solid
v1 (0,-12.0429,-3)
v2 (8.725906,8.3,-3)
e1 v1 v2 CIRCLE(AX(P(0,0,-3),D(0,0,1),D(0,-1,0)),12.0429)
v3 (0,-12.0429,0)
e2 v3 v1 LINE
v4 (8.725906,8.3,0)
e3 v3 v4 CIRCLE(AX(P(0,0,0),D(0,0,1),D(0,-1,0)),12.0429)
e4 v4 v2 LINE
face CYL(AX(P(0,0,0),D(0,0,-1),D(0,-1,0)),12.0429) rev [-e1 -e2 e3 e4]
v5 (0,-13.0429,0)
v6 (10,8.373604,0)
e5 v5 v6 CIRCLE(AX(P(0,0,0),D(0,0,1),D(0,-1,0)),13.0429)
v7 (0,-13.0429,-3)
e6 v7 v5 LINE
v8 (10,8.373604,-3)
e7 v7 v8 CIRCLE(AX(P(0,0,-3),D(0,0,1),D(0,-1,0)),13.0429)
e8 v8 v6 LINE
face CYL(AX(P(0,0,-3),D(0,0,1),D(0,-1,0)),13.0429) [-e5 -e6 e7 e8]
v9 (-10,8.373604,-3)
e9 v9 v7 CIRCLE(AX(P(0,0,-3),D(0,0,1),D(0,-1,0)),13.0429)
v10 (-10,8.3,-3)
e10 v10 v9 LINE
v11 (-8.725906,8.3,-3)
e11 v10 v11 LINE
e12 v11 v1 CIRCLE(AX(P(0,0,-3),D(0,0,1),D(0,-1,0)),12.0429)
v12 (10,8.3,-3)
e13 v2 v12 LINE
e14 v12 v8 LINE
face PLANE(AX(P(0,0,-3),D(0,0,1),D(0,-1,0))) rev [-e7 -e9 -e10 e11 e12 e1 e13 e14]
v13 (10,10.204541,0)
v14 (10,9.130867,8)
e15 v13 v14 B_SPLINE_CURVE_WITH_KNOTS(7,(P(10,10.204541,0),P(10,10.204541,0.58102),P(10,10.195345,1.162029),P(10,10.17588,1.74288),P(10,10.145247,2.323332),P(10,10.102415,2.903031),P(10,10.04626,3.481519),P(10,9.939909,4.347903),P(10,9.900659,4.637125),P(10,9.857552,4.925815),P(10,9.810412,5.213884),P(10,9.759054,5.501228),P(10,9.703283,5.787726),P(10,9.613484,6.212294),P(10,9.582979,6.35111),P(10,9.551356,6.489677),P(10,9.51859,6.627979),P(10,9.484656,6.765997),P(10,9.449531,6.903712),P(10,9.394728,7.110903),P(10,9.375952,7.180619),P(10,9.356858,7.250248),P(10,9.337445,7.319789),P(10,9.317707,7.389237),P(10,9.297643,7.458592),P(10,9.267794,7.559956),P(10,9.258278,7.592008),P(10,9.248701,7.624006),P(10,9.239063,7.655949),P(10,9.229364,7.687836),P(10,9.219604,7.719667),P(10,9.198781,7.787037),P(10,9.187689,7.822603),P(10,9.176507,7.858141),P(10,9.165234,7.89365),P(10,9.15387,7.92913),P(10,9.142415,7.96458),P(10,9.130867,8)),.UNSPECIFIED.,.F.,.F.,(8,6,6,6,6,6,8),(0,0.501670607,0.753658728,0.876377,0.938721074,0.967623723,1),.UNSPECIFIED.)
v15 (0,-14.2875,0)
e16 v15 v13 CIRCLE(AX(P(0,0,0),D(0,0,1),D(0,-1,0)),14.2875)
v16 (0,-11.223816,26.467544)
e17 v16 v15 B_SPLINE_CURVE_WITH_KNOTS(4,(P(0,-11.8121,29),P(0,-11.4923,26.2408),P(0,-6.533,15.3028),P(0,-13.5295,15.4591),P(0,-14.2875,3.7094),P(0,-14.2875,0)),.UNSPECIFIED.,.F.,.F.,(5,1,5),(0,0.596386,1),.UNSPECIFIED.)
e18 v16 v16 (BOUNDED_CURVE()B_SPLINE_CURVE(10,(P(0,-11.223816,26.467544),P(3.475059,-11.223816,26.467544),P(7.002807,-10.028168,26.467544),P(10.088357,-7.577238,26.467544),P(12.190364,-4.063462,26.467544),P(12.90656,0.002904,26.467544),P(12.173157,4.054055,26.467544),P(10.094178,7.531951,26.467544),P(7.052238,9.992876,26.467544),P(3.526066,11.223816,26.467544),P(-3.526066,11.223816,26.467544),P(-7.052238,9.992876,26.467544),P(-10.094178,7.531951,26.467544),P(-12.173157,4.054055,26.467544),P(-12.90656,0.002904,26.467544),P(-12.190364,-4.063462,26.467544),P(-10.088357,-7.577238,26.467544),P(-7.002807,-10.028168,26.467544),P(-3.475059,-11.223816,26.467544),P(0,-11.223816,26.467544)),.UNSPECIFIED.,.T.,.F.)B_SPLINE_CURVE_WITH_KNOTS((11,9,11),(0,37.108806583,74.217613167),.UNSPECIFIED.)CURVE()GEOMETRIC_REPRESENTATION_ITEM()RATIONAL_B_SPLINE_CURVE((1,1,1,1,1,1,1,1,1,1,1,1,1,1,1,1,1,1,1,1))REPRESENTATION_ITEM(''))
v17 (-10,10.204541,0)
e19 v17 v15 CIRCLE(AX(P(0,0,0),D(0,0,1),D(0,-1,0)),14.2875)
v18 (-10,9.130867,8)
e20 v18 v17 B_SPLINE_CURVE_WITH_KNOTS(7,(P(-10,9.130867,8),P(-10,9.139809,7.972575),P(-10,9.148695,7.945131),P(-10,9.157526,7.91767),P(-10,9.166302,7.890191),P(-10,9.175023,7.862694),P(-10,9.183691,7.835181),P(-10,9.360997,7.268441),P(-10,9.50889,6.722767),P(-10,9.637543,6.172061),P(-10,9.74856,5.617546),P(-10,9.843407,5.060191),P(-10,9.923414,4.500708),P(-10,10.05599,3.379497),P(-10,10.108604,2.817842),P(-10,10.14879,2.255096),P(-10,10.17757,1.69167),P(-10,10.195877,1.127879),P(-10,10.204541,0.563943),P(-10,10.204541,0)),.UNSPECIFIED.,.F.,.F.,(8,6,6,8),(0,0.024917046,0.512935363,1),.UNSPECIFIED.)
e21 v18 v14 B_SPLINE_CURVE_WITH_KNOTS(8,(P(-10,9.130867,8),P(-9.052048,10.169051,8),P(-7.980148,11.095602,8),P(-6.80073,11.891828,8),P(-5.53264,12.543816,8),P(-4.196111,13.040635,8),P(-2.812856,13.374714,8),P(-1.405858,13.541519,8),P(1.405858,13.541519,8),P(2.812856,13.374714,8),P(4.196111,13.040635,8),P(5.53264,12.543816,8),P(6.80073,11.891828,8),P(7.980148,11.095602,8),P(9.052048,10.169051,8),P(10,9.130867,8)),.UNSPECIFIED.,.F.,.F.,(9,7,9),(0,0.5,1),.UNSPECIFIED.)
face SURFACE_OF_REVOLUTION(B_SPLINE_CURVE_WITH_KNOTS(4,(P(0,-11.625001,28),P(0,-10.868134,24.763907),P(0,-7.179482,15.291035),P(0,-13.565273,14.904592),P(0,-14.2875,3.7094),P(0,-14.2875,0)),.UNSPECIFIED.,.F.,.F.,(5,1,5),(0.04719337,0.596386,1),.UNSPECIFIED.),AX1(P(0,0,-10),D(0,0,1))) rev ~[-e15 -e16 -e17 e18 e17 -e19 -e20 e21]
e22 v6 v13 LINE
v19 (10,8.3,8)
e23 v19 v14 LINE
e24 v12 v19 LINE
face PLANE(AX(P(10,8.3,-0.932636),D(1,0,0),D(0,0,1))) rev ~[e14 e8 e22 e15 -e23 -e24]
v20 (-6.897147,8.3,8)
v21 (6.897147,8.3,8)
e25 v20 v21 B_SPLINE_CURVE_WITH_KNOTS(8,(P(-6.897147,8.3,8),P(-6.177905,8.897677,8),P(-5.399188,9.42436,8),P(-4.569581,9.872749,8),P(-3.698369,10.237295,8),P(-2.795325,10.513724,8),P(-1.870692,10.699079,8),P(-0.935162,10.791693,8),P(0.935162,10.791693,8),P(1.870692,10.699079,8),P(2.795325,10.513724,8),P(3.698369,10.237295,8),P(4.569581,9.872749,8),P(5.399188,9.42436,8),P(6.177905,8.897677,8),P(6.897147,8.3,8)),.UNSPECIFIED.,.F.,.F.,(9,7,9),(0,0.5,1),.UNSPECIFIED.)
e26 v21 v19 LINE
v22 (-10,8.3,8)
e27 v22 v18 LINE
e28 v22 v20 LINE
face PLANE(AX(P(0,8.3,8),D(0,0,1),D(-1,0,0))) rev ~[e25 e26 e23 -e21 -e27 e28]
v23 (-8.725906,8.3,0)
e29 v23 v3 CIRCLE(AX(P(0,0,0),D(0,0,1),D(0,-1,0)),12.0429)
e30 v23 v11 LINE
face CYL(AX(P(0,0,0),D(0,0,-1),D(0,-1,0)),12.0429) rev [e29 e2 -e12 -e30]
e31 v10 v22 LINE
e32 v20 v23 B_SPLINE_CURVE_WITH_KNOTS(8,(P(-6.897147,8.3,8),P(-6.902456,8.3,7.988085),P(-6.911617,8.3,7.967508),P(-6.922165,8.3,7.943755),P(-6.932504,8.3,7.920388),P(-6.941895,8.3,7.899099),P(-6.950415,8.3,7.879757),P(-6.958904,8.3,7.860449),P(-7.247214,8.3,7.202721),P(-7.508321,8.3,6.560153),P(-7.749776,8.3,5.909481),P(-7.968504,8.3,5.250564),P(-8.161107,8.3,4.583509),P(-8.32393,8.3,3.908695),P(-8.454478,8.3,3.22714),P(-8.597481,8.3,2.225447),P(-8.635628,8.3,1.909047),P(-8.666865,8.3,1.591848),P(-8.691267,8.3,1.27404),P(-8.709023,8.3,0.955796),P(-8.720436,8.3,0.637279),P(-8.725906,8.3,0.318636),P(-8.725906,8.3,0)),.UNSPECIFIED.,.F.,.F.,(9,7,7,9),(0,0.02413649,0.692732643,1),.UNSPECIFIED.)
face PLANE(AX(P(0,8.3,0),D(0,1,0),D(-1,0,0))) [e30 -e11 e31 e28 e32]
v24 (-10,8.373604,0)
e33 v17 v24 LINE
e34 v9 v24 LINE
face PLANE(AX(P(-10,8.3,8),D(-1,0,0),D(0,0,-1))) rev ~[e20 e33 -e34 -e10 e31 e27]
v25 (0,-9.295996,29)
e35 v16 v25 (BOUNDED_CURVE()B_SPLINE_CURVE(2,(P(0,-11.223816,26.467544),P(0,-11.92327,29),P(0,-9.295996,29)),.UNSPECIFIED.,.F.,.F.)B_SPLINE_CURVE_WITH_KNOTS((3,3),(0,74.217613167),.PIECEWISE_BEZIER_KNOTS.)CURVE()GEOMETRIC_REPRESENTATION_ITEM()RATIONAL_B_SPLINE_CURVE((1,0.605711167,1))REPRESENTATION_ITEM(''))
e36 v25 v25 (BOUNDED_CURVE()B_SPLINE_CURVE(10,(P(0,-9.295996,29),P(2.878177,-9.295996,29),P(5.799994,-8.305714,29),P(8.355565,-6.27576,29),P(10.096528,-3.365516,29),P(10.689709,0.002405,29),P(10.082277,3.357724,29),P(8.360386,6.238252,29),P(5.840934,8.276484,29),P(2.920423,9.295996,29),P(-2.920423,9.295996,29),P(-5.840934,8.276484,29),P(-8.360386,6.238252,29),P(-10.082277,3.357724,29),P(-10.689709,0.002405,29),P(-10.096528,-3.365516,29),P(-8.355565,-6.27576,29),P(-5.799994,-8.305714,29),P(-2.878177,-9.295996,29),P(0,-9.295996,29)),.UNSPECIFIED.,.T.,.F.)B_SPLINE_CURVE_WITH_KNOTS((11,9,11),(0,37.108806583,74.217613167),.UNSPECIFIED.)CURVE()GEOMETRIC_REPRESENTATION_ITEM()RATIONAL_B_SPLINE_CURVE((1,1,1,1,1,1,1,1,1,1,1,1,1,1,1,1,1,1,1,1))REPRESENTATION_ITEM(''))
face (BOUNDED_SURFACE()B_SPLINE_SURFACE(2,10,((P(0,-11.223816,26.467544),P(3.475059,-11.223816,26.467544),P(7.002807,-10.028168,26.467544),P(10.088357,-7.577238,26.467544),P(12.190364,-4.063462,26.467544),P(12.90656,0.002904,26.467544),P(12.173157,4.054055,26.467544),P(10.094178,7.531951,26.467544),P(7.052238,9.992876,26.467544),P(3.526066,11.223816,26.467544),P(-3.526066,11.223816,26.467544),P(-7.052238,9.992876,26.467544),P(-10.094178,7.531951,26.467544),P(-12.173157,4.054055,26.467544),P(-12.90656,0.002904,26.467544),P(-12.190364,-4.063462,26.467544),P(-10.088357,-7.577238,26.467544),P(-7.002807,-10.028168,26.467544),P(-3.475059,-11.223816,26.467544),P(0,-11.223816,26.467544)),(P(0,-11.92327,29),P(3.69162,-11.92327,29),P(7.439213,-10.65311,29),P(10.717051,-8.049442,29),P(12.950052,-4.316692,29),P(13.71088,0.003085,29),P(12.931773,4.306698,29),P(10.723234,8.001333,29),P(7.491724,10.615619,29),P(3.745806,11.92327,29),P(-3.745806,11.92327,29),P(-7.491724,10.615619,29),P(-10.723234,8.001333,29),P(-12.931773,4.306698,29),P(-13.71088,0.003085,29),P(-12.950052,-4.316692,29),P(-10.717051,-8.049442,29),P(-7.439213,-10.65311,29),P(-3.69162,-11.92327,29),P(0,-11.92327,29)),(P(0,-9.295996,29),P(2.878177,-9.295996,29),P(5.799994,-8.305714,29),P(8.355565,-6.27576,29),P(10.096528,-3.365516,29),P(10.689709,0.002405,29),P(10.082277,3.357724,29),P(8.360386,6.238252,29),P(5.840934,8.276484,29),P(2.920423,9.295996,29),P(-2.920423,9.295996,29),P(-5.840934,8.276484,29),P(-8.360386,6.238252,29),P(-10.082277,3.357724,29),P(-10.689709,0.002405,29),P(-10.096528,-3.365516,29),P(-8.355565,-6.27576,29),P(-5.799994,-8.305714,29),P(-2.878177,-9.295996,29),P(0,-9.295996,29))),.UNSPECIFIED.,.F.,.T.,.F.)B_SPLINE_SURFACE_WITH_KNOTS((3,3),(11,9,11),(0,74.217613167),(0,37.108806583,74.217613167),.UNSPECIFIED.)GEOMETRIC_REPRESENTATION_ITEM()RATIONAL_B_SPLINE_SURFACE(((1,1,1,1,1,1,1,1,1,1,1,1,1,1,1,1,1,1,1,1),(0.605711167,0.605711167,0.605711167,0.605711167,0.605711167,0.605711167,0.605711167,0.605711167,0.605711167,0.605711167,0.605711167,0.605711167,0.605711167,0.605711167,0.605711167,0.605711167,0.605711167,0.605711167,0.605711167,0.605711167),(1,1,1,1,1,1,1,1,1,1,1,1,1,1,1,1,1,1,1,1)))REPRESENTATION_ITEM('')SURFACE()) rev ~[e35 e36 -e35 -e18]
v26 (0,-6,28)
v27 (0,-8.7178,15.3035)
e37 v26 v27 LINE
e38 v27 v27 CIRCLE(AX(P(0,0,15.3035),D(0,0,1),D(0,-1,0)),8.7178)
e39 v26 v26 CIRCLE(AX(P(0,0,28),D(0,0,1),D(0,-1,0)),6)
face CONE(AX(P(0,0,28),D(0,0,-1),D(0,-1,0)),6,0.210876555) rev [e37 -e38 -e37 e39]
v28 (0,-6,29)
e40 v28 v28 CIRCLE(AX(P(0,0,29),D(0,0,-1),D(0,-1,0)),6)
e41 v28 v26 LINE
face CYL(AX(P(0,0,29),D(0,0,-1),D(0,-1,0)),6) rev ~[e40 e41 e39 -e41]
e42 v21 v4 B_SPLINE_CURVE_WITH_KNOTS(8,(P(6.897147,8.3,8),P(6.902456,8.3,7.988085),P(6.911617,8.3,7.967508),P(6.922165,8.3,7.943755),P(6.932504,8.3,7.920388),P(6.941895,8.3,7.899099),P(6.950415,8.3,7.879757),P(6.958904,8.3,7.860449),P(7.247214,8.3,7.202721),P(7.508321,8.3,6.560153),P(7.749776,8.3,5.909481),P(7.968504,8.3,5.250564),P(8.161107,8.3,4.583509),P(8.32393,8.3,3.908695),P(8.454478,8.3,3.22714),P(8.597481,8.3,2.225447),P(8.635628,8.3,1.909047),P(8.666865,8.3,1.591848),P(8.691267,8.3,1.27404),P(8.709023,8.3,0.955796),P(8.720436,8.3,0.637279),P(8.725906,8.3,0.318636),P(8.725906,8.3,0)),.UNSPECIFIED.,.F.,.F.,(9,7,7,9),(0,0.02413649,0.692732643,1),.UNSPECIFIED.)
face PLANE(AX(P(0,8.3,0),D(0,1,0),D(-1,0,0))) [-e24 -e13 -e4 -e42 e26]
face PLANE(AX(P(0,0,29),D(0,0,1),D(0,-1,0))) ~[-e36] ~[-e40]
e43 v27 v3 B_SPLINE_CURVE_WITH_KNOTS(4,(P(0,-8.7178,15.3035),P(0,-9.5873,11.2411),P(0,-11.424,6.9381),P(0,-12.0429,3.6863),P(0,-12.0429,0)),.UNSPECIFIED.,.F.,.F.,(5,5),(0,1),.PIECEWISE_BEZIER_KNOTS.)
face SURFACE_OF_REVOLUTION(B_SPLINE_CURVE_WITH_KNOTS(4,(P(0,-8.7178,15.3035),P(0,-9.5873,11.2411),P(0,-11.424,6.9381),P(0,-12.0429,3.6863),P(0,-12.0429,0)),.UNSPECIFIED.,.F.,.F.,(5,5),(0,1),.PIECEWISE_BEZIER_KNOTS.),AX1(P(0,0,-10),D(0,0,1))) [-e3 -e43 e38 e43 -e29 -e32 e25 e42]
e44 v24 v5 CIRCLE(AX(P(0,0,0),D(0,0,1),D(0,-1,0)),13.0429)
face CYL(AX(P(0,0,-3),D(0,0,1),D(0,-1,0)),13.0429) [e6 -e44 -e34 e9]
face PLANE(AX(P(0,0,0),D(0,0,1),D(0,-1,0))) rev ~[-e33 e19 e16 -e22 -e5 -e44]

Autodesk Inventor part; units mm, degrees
ref_plane "YZ Plane" through (0, 0, 0) normal (1, 0, 0) x (0, 1, 0)
ref_plane "XY Plane" through (0, 0, 0) normal (0, 0, 1) x (1, 0, 0)
sketch "Block1" plane through (0, 0, 0) normal (0, 0, 1) x (1, 0, 0)
  line L0 (-13, 33) -> (0, 33)
  line L1 (0, 33) -> (0, 31.984)
  line L2 (0, 0) -> (-7.5, 0)
  line L3 (-5.5, 31.984) -> (0, 31.984)
  spline S0 degree 4 poles (-5.5, 31.984) (-8.3018, 31.984) (-14.9701, 28.615) (-2.778, 19.5085) (-12.1324, 9.4997) (-13.0429, 3.8555) (-13.0429, 0) knots 0 0 0 0 0 0.349618 0.599618 1 1 1 1 1
  spline S1 degree 4 poles (-5.5, 33) (-8.695, 33) (-16.2444, 29.0645) (-3.8371, 19.8287) (-13.0244, 9.853) (-14.2875, 3.9571) (-14.2875, 0) knots 0 0 0 0 0 0.356198 0.606198 1 1 1 1 1
  line L4 (-13.0429, 0) -> (13.0429, 0)
  line L5 (13.0429, 0) -> (13.0429, -90)
  line L6 (13.0429, -90) -> (-13.0429, -90)
  line L7 (-13.0429, -90) -> (-13.0429, 0)
  line L8 (0, 33) -> (0, 31.984)
  line L9 (0, 0) -> (14.2875, 0)
  line L10 (14.2875, 0) -> (14.2875, -90)
  line L11 (14.2875, -90) -> (-14.2875, -90)
  line L12 (-14.2875, -90) -> (-14.2875, 0)
  line L13 (-14.2875, 0) -> (-13.0429, 0)
  line L14 (-13.0429, 0) -> (-12.0269, 0)
  line L15 (-12.0269, 0) -> (-12.0269, -5)
  line L16 (-12.0269, -5) -> (-13.0429, -5)
  line L17 (-13.0429, -5) -> (-13.0429, 0)
  spline S2 degree 4 poles (-12.0269, 0) (-12.0269, 1.8651) (-12.9196, 3.9842) (-12.4898, 5.3301) (-12.0051, 6.8202) knots 0 0 0 0 0 1 1 1 1 1
  point P0 (-5.8286, -1.9888)
  point P1 (-2.75, 31.984)
  point P2 (-10.8475, 28.6822)
  point P3 (-8.5755, 20.4298)
  point P4 (-10.7949, 9.9764)
  point P5 (-11.8109, 29.0047)
  point P6 (-9.5915, 20.5086)
  point P7 (-11.8109, 10.2944)
  point P8 (-12.757, 3.7934)
  point P9 (-12.2202, 6.1237)
  point P10 (-12.4905, 4.0174)
  dimension "d0" = 1.016
  dimension "d1" = 1.016
  dimension "d2" = 1.016
  dimension "d3" = 1.016
  dimension "d4" = 90
  dimension "d5" = 26.0858
  dimension "d6" = 33
  dimension "d7" = 5.5
  dimension "d8" = 28.575
  dimension "d9" = 5
  dimension "d10" = 1.016
sketch "Sketch2" plane through (0, 0, 0) normal (1, 0, 0) x (0, 1, 0)
  point P0 (0, 0)
sketch "Sketch3" plane through (0, 0, 0) normal (1, 0, 0) x (0, 1, 0)
  line L0 (0, -114.856) -> (0, 59.1357) projected
  line L1 (0, 29) -> (-11.8121, 29)
  line L2 (-13.0429, 0) -> (-12.0429, 0)
  line L3 (-12.0429, 0) -> (-12.0429, -3)
  line L4 (-12.0429, -3) -> (-13.0429, -3)
  line L5 (-13.0429, -3) -> (-13.0429, 0)
  line L6 (-14.2875, 0) -> (-14.2875, -7.5209)
  spline S0 degree 4 poles (-8.7178, 15.3035) (-9.5873, 11.2411) (-11.424, 6.9381) (-12.0429, 3.6863) (-12.0429, 0) knots 0 0 0 0 0 1 1 1 1 1
  spline S1 degree 4 poles (-11.8121, 29) (-11.4923, 26.2408) (-6.533, 15.3028) (-13.5295, 15.4591) (-14.2875, 3.7094) (-14.2875, 0) knots 0 0 0 0 0 0.596386 1 1 1 1 1
  line L7 (-14.2875, 0) -> (-13.0429, 0)
  line L8 (0, 29) -> (-11.625, 29)
  line L9 (-11.625, 28) -> (0, 28)
  line L10 (0, 28) -> (0, 29)
  line L11 (-6, 28) -> (-8.7178, 15.3035)
  point P0 (0, 0)
  point P1 (-12.0269, 0)
  point P2 (-6, 29)
  point P3 (-11.1126, 6.8247)
  point P4 (-10.2731, 22.7051)
  point P5 (-10.2729, 16.6704)
  point P6 (-12.5423, 11.3252)
  dimension "d12" = 29
  dimension "d13" = 14.2875
  dimension "d14" = 3
  dimension "d15" = 1
  dimension "d17" = 13.0429
  dimension "d18" = 1
  dimension "d35" = 6
revolve "Revolution1" add sketch "Sketch3" angle 360 about axis through (0, 0, -10) along (0, 0, 1)
fillet "Fillet1" radius 2 1 edges at (0, 11.8121, 29)
fillet "Fillet2" [suppressed]
hole "Hole1" at (0, 0, 29) direction (0, 0, -1) diameter 12 end through all
ref_plane "Work Plane2" through (0, 8.3, 0) normal (0, 1, 0) x (-1, 0, 0)
sketch "Sketch6" plane through (0, 8.3, 0) normal (0, 1, 0) x (-1, 0, 0)
  arc A0 (2.6663, 15.3035) -> (-2.6663, 15.3035) centre (-2.6663, 15.3035) ccw projected
  arc A1 (-2.6663, 15.3035) -> (-8.7259, 0) centre (-8.7259, 0) ccw projected
  line L0 (-8.7259, 0) -> (-8.7259, -3) projected
  line L1 (-8.7259, -3) -> (-10.0612, -3) projected
  line L2 (-10.0612, -3) -> (-10.0612, 0) projected
  line L3 (-10.0612, 0) -> (-11.6294, 0) projected
  arc A2 (-11.6294, 0) -> (-7.5554, 26.4676) centre (-7.5554, 26.4676) ccw projected
  arc A3 (-7.5554, 26.4676) -> (-4.1863, 29) centre (-4.1863, 29) ccw projected
  line L4 (-4.1863, 29) -> (4.1863, 29) projected
  arc A4 (4.1863, 29) -> (7.5554, 26.4676) centre (7.5554, 26.4676) ccw projected
  arc A5 (7.5554, 26.4676) -> (11.6294, 0) centre (11.6294, 0) ccw projected
  line L5 (11.6294, 0) -> (10.0612, 0) projected
  line L6 (10.0612, 0) -> (10.0612, -3) projected
  line L7 (10.0612, -3) -> (8.7259, -3) projected
  line L8 (8.7259, -3) -> (8.7259, 0) projected
  arc A6 (8.7259, 0) -> (2.6663, 15.3035) centre (2.6663, 15.3035) ccw projected
  line L9 (12.0429, -3) -> (-12.0429, -3) projected
  line L10 (0, -114.856) -> (0, 59.1357) projected
  line L11 (-10, 8) -> (10, 8)
  line L12 (10, 8) -> (10, -3)
  line L13 (10, -3) -> (-10, -3)
  line L14 (-10, -3) -> (-10, 8)
  point P0 (0, 0)
  point P1 (0, 8)
  dimension "d46" = 11
  dimension "d47" = 20
extrude "Extrusion1" cut sketch "Sketch6" along normal through all contours L11 L12 A2 L10 | L10 A2 L0 A1 L14 L11 | L10 L9 L0 A2 | A2 L12 A6 L8 L9 L10 | A2 A1 L0 | L0 L1 L14 A1 A2 | A2 A1 L14 | L8 A6 L12 L7
equation "\"d0\" = d11"
equation "\"d1\" = d11"
equation "\"d2\" = d11"
equation "\"d3\" = d11"
equation "\"d11\" = 1.016"
properties part number "New" material "Stainless Steel"
